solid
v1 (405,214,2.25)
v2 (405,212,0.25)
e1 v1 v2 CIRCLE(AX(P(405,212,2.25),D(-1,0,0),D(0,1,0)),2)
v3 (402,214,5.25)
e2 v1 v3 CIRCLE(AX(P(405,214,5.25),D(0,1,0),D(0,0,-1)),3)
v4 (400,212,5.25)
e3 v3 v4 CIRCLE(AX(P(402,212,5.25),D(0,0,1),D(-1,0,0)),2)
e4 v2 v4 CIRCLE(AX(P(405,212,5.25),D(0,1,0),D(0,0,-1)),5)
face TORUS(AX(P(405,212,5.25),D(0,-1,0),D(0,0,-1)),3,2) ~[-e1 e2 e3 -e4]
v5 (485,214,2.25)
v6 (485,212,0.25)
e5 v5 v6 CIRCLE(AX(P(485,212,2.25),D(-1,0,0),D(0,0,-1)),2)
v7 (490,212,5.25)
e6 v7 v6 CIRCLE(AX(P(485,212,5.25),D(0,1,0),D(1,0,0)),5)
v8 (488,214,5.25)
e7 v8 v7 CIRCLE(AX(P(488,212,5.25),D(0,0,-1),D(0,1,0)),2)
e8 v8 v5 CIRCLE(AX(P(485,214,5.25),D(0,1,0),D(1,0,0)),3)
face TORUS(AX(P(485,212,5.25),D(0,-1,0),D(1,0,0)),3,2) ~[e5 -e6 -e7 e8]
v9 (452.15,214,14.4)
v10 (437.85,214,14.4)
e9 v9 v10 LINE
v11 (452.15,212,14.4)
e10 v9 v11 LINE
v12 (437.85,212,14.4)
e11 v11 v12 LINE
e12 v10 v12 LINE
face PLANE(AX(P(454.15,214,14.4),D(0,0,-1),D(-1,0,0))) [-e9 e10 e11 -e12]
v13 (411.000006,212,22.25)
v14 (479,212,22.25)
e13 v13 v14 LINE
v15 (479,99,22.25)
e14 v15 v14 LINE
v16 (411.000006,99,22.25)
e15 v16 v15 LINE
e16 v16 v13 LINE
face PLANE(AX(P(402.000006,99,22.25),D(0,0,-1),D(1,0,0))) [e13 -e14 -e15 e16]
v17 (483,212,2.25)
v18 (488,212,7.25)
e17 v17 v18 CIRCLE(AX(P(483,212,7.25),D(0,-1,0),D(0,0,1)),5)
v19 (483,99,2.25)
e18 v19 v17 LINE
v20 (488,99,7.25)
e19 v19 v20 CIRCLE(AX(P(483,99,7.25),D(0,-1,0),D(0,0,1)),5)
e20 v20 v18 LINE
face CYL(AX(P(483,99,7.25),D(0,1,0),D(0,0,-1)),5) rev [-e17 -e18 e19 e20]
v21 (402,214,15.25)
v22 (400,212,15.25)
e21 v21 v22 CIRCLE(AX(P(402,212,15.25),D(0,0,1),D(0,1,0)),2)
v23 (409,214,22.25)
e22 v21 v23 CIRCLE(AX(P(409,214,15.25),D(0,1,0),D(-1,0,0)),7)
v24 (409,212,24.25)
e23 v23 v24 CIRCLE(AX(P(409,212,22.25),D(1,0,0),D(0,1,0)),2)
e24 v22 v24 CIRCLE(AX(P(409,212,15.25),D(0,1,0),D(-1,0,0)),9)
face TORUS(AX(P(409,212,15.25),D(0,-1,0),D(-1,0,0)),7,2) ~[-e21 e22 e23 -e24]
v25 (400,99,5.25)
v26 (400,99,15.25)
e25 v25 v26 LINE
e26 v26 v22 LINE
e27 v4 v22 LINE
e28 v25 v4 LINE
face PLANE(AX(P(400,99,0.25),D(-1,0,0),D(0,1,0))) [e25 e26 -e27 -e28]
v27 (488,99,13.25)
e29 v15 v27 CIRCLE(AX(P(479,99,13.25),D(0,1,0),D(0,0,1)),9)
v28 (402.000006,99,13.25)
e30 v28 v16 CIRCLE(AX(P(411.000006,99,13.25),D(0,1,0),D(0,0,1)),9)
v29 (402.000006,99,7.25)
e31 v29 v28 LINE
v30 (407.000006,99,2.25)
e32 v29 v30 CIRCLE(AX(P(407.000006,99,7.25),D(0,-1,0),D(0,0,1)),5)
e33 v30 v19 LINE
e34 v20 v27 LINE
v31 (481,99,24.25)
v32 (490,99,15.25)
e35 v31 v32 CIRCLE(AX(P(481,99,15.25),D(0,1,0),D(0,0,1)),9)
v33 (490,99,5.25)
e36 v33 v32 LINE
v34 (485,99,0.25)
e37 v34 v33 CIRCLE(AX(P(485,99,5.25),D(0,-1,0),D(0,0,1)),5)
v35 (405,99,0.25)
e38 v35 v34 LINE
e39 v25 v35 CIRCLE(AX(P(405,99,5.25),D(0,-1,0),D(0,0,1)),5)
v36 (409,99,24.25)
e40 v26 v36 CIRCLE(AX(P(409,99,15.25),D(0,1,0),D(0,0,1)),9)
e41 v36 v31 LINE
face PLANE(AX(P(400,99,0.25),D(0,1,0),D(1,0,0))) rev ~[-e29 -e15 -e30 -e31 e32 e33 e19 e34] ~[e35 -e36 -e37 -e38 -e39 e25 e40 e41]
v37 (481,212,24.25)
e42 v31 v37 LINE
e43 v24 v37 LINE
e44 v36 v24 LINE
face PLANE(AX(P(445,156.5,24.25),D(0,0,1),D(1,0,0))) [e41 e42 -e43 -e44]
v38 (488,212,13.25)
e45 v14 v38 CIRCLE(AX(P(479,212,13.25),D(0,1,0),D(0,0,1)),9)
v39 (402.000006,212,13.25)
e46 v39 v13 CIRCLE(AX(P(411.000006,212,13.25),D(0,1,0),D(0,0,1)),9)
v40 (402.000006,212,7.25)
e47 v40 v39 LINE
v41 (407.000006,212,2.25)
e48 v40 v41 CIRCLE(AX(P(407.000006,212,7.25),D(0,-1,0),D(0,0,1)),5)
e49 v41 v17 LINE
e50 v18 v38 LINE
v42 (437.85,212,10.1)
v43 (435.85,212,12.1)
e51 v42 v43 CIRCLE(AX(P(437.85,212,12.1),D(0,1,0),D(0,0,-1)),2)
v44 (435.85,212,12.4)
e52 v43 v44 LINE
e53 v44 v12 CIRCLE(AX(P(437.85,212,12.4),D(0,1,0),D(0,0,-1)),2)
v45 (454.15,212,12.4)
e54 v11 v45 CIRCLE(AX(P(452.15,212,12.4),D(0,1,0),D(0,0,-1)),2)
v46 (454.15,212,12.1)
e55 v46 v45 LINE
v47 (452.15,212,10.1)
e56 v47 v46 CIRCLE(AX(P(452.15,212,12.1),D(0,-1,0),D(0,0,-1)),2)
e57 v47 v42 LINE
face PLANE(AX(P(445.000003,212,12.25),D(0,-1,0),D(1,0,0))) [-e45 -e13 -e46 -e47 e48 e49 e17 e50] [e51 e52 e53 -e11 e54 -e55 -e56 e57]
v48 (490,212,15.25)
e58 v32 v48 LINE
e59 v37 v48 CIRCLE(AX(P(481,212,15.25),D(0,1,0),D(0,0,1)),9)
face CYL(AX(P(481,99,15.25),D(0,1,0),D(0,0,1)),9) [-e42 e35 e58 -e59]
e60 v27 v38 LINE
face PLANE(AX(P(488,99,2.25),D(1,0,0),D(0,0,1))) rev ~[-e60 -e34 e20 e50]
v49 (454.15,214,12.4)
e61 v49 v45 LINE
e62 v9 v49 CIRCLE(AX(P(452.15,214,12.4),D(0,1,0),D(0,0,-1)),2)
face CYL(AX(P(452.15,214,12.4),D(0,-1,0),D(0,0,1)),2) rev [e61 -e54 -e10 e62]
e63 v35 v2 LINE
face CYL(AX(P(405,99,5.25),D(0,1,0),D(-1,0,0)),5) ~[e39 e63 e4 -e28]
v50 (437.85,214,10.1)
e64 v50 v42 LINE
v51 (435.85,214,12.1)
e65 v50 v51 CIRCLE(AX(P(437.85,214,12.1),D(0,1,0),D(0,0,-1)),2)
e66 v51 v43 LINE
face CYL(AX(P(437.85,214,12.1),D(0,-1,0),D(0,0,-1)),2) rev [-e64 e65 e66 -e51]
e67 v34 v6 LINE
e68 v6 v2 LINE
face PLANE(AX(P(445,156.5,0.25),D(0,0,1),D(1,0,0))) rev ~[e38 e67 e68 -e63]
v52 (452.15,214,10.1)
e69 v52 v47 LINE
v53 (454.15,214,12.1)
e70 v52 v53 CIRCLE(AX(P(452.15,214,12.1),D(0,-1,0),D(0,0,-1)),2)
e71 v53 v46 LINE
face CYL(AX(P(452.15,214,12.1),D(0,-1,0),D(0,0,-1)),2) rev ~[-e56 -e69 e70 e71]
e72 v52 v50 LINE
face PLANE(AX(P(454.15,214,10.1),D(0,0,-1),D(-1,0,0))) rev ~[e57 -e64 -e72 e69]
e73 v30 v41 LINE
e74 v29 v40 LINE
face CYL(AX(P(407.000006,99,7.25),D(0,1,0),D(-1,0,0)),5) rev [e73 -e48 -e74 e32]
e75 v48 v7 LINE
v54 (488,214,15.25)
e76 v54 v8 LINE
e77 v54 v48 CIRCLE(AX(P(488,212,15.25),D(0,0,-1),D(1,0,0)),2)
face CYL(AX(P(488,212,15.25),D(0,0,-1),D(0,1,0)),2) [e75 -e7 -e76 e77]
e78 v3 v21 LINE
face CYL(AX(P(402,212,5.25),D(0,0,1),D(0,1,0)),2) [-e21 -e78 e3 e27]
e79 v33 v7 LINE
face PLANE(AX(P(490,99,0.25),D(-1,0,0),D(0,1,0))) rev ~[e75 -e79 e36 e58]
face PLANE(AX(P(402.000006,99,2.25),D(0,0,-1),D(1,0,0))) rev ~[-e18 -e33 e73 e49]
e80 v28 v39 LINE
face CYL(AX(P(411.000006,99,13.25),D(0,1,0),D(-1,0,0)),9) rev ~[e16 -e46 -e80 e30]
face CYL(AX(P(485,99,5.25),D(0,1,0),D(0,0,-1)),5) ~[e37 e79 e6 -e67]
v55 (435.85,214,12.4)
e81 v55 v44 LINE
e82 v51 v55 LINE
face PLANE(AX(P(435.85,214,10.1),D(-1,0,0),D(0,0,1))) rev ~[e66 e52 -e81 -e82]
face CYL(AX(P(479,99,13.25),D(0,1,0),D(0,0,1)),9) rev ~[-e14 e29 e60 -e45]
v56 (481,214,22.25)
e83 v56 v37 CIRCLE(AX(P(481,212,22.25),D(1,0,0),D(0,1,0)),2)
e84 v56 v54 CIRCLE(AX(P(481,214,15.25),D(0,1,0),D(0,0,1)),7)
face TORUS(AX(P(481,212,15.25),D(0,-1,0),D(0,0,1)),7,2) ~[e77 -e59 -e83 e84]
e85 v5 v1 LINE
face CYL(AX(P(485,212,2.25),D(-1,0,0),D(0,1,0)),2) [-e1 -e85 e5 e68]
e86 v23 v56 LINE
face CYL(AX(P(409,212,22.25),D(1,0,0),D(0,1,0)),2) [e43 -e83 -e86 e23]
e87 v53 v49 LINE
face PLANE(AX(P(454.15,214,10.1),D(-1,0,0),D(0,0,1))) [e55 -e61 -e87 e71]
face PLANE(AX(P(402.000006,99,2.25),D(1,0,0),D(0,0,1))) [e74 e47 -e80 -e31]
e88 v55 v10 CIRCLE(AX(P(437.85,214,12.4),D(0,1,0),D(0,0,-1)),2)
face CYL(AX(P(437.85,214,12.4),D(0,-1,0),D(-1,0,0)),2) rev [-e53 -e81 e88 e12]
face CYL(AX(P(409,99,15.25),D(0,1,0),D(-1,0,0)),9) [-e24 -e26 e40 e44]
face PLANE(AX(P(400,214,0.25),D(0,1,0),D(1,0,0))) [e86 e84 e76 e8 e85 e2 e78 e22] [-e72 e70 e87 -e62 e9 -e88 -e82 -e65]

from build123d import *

# Parameters (mm, degrees)
SKETCH_W        = 90
SKETCH_H        = 115
PAD_DEPTH       = 24
SKETCH137_W     = 85.999994
SKETCH137_H     = 20
POCKET_DEPTH    = 113
FILLET_R        = 9
FILLET001_R     = 5
FILLET002_R     = 2
SKETCH143_W     = 18.3
SKETCH143_H     = 4.3
POCKET027_DEPTH = 2
FILLET004_R     = 2


with BuildPart() as part:
    # Sketch → Pad (new body)
    with BuildSketch(Plane.XY):
        with Locations((445, 157.5)):
            Rectangle(SKETCH_W, SKETCH_H)
    extrude(amount=PAD_DEPTH)

    # Sketch137 (on Face1 of Pad) → Pocket (cut)
    with BuildSketch(Plane.XZ.offset(-100)):
        with Locations((445.000003, 12)):
            Rectangle(SKETCH137_W, SKETCH137_H)
    extrude(amount=-POCKET_DEPTH, mode=Mode.SUBTRACT)

    # Fillet
    fillet_edges = [part.edges().sort_by_distance(p)[0] for p in [
        (490, 157.5, 24),
        (488, 156.5, 22),
        (402.000006, 156.5, 22),
        (400, 157.5, 24),
    ]]
    fillet(fillet_edges, radius=FILLET_R)

    # Fillet001
    fillet001_edges = [part.edges().sort_by_distance(p)[0] for p in [
        (402.000006, 156.5, 2),
        (490, 157.5, 0),
        (488, 156.5, 2),
        (400, 157.5, 0),
    ]]
    fillet(fillet001_edges, radius=FILLET001_R)

    # Fillet002
    fillet002_edges = [part.edges().sort_by_distance(p)[0] for p in [
        (445, 215, 24),
        (402.636039, 215, 21.363961),
        (400, 215, 10),
    ]]
    fillet(fillet002_edges, radius=FILLET002_R)

    # Sketch143 (on Face9 of Fillet002) → Pocket027 (cut)
    with BuildSketch(Plane(origin=(0, 215, 0), x_dir=(-1, 0, 0), z_dir=(0, 1, 0))):
        with Locations((-445, 12)):
            Rectangle(SKETCH143_W, SKETCH143_H)
    extrude(amount=-POCKET027_DEPTH, mode=Mode.SUBTRACT)

    # Fillet004
    fillet004_edges = [part.edges().sort_by_distance(p)[0] for p in [
        (435.85, 214, 9.85),
        (435.85, 214, 14.15),
        (454.15, 214, 9.85),
        (454.15, 214, 14.15),
    ]]
    fillet(fillet004_edges, radius=FILLET004_R)


with BuildPart() as part_1:
    # Body placement: moved
    add(part.part.moved(Location((0, -1, 0.25))))


solid = part_1.part
